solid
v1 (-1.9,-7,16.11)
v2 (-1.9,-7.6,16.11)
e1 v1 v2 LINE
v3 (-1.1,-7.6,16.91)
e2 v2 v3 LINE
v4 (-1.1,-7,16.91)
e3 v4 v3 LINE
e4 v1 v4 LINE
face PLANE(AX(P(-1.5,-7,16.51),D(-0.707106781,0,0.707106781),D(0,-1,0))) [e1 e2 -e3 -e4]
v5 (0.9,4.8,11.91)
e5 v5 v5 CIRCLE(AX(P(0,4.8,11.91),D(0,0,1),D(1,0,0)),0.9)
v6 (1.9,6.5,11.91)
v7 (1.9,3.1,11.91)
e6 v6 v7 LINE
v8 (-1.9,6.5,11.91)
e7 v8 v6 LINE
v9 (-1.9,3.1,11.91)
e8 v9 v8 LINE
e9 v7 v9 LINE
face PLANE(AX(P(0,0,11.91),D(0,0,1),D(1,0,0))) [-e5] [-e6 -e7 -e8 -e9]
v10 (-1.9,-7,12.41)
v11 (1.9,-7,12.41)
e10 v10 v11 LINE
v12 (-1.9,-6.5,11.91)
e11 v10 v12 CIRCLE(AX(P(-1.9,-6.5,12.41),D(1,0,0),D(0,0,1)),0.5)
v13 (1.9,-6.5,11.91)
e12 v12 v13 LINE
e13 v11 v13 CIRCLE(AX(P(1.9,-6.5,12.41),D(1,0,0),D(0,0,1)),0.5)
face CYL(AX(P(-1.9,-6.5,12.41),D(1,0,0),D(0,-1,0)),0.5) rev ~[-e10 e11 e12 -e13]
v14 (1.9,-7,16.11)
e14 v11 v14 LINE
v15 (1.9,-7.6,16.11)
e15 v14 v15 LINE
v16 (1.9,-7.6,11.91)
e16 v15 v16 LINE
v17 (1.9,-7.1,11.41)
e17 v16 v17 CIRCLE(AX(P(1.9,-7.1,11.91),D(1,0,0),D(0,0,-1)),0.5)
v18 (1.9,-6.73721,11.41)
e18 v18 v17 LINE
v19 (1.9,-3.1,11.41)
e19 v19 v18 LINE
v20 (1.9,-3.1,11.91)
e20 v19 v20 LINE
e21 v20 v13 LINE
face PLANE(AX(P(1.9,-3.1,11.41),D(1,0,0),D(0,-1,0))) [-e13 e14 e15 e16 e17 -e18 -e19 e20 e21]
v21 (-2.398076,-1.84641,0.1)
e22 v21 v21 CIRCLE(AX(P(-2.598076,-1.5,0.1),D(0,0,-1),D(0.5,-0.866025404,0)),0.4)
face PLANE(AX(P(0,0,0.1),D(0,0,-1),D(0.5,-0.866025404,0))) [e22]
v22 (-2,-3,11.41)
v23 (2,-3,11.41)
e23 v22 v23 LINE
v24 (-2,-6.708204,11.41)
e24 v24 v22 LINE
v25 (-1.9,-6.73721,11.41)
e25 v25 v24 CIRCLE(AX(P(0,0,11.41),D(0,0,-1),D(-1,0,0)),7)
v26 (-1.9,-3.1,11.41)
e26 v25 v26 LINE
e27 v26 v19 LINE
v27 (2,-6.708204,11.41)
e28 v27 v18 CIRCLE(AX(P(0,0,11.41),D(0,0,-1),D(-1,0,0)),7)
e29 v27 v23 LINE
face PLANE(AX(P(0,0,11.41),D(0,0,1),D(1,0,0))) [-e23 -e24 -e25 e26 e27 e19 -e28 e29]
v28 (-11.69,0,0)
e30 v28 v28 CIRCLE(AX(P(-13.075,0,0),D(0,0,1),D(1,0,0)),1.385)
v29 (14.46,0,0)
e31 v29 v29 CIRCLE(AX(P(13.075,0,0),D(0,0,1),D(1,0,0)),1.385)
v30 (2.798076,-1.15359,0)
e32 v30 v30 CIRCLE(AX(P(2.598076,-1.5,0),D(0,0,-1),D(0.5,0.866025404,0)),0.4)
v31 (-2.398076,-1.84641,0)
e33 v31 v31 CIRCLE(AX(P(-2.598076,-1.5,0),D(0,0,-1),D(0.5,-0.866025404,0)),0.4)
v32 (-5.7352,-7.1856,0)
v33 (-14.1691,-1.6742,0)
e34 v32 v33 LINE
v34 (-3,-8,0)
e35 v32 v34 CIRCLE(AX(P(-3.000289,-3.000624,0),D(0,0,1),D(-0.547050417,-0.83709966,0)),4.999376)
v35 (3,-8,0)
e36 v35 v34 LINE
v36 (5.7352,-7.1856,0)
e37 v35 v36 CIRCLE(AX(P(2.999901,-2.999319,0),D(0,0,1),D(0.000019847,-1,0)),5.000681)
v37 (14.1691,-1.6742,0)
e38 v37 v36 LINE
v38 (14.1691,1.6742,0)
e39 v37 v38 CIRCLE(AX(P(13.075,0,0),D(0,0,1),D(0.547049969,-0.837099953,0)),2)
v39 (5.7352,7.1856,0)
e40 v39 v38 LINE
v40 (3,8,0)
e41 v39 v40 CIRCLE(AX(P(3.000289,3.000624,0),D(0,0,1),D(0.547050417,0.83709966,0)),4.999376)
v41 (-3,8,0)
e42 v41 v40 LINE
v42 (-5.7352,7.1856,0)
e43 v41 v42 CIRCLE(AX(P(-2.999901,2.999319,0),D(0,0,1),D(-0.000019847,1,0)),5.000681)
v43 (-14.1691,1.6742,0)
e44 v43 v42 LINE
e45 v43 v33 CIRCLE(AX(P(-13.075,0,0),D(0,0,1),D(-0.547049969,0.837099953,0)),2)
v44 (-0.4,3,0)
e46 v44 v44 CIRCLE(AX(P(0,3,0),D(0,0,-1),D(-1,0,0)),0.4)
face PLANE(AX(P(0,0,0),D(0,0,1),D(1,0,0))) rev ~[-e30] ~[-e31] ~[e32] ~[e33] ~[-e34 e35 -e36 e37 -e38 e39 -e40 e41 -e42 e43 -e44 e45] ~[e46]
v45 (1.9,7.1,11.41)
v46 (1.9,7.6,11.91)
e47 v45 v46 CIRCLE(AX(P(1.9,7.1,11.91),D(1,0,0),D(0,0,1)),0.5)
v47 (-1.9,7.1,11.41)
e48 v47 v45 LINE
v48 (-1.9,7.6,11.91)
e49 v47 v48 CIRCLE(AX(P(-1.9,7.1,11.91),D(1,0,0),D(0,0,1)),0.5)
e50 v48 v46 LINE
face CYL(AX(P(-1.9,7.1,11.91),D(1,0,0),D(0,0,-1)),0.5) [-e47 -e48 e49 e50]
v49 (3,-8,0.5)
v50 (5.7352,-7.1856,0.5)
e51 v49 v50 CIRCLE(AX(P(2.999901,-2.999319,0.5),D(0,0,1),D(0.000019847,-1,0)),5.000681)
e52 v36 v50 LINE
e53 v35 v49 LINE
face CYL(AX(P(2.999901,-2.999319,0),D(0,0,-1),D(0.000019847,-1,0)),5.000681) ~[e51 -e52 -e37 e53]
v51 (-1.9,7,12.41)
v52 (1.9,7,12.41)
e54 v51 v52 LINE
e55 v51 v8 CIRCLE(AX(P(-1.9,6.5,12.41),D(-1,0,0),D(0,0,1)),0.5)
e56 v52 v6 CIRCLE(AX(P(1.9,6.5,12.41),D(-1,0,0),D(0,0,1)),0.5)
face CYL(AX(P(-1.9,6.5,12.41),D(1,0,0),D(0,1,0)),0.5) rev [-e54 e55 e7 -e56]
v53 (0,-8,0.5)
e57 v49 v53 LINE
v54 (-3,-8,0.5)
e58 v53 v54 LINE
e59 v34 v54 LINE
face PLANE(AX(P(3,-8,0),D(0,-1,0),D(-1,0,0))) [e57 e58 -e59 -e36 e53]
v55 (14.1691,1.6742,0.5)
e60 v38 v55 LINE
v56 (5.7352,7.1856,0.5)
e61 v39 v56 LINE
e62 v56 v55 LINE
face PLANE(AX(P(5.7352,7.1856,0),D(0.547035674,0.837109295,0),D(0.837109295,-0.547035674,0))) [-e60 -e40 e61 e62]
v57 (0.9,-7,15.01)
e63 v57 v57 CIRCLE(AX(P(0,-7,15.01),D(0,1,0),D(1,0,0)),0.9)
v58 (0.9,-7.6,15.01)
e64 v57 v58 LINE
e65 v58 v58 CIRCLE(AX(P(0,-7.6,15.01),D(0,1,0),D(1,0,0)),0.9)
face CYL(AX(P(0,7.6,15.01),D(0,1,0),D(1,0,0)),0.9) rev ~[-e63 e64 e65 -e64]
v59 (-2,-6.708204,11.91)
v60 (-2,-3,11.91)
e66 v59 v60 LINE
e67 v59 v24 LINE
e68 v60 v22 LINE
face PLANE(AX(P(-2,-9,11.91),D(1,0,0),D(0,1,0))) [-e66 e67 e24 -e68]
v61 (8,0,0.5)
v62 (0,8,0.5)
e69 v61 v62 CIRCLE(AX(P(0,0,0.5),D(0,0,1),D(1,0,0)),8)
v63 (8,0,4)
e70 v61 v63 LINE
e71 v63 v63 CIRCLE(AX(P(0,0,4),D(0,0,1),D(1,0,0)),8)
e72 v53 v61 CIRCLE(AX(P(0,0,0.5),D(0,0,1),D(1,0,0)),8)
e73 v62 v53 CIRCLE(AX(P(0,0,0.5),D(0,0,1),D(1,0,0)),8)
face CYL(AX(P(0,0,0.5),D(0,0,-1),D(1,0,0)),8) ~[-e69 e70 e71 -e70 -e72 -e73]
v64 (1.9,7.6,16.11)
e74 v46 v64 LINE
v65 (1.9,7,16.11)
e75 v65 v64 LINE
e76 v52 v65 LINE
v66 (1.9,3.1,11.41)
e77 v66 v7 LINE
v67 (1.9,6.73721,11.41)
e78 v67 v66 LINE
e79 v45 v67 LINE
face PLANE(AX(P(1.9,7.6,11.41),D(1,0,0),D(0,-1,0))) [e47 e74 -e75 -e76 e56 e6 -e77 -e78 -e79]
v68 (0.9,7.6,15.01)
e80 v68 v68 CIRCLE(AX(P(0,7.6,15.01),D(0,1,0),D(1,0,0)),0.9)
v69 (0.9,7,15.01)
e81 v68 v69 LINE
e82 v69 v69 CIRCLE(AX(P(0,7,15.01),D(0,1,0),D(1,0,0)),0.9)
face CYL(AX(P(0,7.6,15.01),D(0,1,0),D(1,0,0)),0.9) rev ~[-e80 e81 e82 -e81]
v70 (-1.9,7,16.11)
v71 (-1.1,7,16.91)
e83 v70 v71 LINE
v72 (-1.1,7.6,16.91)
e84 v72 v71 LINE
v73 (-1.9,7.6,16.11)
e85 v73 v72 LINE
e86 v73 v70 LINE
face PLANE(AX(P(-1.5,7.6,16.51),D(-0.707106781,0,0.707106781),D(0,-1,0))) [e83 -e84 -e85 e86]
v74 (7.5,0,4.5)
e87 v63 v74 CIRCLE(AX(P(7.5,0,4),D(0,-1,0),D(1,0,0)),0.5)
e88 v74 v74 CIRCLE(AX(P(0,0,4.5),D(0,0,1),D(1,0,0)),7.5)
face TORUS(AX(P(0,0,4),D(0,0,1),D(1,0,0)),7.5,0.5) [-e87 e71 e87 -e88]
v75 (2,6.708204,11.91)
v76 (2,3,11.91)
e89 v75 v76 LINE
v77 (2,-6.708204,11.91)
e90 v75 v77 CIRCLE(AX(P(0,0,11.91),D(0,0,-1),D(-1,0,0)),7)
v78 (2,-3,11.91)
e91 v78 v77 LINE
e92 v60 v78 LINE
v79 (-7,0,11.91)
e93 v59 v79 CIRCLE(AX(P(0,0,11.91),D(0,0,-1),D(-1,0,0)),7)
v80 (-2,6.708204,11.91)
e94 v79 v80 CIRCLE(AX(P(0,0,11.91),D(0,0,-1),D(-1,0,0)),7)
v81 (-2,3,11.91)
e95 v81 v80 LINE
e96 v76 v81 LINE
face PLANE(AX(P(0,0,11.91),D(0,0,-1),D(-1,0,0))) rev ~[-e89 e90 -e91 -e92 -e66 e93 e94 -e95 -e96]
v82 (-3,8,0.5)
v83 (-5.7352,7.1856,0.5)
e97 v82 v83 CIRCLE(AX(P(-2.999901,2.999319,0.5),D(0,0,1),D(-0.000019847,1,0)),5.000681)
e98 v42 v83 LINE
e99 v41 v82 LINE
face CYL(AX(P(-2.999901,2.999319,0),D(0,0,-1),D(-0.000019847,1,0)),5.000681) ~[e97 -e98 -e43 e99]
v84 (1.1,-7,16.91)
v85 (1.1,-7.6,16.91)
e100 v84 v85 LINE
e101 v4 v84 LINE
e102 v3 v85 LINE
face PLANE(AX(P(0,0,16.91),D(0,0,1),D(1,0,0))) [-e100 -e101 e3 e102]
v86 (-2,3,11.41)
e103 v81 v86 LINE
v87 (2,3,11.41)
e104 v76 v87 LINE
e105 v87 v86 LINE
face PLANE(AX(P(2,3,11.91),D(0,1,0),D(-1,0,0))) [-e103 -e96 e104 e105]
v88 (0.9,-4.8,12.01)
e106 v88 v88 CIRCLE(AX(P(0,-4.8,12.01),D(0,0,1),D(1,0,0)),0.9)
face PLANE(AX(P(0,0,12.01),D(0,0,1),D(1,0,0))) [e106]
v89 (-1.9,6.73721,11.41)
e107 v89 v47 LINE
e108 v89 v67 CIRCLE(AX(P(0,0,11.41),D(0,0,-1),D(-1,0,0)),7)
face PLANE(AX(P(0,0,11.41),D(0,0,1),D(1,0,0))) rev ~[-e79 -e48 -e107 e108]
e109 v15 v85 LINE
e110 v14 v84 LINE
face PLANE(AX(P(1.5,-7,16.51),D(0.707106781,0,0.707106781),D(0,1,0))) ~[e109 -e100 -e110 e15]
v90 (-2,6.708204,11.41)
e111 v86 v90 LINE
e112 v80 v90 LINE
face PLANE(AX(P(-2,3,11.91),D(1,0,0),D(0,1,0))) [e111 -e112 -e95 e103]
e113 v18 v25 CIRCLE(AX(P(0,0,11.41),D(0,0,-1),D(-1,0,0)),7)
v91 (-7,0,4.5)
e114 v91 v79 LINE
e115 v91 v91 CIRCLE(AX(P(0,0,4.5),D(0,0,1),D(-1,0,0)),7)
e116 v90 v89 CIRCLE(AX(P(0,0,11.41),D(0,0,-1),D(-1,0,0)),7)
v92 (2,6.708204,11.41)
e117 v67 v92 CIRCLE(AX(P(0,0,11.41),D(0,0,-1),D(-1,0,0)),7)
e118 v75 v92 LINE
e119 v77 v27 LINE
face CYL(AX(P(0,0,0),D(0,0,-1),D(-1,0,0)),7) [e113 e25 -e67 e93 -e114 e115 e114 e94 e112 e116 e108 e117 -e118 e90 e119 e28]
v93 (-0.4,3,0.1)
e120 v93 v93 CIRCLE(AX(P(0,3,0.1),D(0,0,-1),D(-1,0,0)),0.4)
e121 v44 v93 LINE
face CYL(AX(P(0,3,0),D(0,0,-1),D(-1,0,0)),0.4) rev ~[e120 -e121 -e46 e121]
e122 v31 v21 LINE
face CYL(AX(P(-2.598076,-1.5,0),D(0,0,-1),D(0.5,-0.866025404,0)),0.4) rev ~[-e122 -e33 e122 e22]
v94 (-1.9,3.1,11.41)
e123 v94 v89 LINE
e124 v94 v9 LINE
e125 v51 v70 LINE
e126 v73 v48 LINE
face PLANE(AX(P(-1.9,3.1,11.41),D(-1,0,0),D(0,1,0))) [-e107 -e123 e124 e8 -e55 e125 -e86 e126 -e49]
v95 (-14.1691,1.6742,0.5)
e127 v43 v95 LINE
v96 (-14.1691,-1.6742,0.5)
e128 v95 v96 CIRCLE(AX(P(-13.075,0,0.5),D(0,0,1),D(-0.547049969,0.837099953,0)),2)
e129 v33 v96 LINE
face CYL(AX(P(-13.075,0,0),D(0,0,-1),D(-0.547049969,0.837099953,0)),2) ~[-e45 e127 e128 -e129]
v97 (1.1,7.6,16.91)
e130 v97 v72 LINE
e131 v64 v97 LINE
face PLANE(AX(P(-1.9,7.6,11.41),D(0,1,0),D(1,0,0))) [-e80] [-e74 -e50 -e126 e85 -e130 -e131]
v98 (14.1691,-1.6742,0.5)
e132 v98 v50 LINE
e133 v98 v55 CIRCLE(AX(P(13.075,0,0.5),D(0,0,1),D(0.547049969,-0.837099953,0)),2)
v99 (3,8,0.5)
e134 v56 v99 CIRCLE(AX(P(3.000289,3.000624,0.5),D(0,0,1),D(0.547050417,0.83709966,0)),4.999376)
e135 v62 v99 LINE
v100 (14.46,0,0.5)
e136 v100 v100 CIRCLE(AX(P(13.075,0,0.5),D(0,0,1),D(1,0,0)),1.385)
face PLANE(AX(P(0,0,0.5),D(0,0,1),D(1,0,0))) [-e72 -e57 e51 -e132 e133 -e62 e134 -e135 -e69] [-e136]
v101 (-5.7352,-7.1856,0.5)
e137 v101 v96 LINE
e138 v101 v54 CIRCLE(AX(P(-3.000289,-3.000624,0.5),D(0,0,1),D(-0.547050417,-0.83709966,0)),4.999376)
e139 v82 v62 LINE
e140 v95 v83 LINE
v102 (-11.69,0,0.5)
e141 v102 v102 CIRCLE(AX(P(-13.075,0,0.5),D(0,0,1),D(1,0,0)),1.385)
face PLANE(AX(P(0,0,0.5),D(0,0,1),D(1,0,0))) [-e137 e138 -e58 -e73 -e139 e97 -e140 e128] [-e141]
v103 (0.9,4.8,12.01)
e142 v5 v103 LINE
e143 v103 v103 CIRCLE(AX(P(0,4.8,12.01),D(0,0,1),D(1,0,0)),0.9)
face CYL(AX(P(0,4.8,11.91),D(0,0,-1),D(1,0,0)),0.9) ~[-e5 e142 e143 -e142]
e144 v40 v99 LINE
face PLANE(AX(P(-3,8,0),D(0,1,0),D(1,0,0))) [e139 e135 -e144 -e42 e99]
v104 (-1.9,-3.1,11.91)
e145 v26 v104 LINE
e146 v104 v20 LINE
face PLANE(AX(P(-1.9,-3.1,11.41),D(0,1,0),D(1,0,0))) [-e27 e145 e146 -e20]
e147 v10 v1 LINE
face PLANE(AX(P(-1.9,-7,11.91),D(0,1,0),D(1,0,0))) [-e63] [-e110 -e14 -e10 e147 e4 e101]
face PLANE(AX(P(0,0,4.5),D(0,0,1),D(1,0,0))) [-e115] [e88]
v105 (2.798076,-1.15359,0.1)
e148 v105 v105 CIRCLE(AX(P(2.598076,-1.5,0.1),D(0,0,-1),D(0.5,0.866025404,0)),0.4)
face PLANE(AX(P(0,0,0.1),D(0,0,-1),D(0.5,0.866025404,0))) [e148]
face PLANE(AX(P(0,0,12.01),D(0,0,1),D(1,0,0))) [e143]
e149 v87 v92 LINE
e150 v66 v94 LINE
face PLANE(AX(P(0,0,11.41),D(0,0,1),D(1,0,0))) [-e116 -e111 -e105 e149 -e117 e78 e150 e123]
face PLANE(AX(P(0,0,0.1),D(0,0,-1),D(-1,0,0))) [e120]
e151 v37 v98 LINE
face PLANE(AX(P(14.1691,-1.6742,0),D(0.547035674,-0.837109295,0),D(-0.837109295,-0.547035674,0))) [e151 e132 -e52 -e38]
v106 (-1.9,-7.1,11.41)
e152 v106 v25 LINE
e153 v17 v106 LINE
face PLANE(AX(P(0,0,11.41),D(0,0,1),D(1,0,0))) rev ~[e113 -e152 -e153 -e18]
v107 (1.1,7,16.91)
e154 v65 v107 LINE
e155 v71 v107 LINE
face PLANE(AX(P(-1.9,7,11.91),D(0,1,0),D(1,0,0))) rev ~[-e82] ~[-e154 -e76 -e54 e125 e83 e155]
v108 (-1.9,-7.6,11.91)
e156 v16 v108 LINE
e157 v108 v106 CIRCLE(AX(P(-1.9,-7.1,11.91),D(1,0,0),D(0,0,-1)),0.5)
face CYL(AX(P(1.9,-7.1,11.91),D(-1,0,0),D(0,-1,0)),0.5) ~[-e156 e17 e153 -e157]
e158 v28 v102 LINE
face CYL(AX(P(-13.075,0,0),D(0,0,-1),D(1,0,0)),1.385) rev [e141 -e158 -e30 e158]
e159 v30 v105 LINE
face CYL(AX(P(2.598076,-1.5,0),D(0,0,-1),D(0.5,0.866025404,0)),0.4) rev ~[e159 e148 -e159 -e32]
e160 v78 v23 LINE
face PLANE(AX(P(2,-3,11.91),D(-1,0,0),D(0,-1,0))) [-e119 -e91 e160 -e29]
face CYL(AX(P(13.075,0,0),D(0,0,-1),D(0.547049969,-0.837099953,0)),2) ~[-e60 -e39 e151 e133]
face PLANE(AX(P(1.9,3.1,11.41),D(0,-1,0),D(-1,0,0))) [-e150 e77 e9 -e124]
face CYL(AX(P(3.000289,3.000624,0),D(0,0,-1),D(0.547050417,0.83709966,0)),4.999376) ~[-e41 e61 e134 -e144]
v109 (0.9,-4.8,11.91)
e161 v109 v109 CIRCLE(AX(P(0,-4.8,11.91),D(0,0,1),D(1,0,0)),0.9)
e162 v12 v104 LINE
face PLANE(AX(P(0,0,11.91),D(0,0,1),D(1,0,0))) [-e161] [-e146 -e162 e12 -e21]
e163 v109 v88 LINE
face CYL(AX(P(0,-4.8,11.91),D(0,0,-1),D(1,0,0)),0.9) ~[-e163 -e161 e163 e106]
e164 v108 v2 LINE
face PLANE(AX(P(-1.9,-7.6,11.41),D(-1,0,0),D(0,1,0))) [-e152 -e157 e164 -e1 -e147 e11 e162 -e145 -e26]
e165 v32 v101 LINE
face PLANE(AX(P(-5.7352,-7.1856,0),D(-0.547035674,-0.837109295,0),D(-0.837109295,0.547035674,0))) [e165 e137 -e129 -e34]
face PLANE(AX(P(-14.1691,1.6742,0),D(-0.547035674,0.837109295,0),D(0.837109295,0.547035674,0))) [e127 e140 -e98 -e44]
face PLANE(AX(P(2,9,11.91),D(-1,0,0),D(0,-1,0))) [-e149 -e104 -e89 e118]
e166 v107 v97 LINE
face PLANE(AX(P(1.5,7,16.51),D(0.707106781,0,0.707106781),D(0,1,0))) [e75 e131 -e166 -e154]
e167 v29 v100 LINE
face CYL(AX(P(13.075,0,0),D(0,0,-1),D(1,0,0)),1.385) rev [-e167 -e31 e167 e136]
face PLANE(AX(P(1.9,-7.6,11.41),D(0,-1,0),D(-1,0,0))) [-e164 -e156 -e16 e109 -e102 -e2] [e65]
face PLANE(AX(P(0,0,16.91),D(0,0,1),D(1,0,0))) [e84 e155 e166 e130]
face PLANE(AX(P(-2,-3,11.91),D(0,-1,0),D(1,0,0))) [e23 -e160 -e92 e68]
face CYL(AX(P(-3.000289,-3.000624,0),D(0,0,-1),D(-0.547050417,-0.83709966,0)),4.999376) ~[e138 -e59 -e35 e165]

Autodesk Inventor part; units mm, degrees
ref_plane "YZ Plane" through (0, 0, 0) normal (1, 0, 0) x (0, 1, 0)
ref_plane "XZ Plane" through (0, 0, 0) normal (0, 1, 0) x (-1, 0, 0)
ref_plane "XY Plane" through (0, 0, 0) normal (0, 0, 1) x (1, 0, 0)
sketch "Skizze1" plane through (0, 0, 0) normal (0, 0, 1) x (1, 0, 0)
  line L0 (-3, 8) -> (3, 8)
  line L1 (5.7352, 7.1856) -> (14.1691, 1.6742)
  line L2 (14.1691, -1.6742) -> (5.7352, -7.1856)
  line L3 (3, -8) -> (-3, -8)
  line L4 (-5.7352, -7.1856) -> (-14.1691, -1.6742)
  line L5 (-14.1691, 1.6742) -> (-5.7352, 7.1856)
  arc A0 (14.1691, -1.6742) -> (14.1691, 1.6742) centre (13.075, 0) ccw
  arc A1 (-14.1691, 1.6742) -> (-14.1691, -1.6742) centre (-13.075, 0) ccw
  circle A2 centre (0, 0) radius 7
  circle A3 centre (-13.075, 0) radius 1.385
  circle A4 centre (13.075, 0) radius 1.385
  arc A5 (-3, 8) -> (-5.7352, 7.1856) centre (-3, 3) ccw
  arc A6 (5.7352, 7.1856) -> (3, 8) centre (3, 3) ccw
  arc A7 (3, -8) -> (5.7352, -7.1856) centre (3, -3) ccw
  arc A8 (-5.7352, -7.1856) -> (-3, -8) centre (-3, -3) ccw
  dimension "d0" = 16
  dimension "d1" = 8
  dimension "d3" = 2
  dimension "d4" = 14
  dimension "d5" = 30.15
  dimension "d7" = 2.77
  dimension "d8" = 2.77
  dimension "d9" = 13.075
  dimension "d10" = 13.075
  dimension "d11" = 5
  dimension "d12" = 6
  dimension "d13" = 6
  dimension "d14" = 3
  dimension "d15" = 3
extrude "Extrusion1" add sketch "Skizze1" along normal blind 0.5
sketch "Skizze2" plane through (0, 0, 0.5) normal (0, 0, 1) x (1, 0, 0)
  circle A0 centre (0, 0) radius 8
  circle A1 centre (0, 0) radius 7
  dimension "d18" = 16
  dimension "d19" = 14
extrude "Extrusion2" add sketch "Skizze2" along normal blind 4
fillet "Rundung1" radius 0.5 1 edges at (-8, 0, 4.5)
sketch "Skizze3" plane through (0, 0, 0) normal (0, 0, -1) x (-1, 0, 0)
  circle A0 centre (0, 0) radius 7
  dimension "d23" = 14
extrude "Extrusion3" add sketch "Skizze3" against normal blind 11.91
sketch "Skizze4" plane through (0, 0, 0) normal (0, 0, -1) x (-1, 0, 0)
  circle A0 centre (0, 3) radius 0.4
  point P0 (0, 0)
  dimension "d26" = 3
  dimension "d27" = 0.8
extrude "Extrusion4" cut sketch "Skizze4" against normal blind 0.1
pattern_circular "Runde Anordnung1" count 3 over 360 about axis through (0, 0, -10) along (0, 0, 1) of "Extrusion4"
sketch "Skizze5" plane through (0, 0, 11.91) normal (0, 0, 1) x (1, 0, 0)
  line L0 (2, -9) -> (-2, -9)
  line L1 (-2, -9) -> (-2, -3)
  line L2 (-2, -3) -> (2, -3)
  line L3 (2, -3) -> (2, -9)
  line L4 (2, 3) -> (-2, 3)
  line L5 (-2, 3) -> (-2, 9)
  line L6 (-2, 9) -> (2, 9)
  line L7 (2, 9) -> (2, 3)
  line L8 (3, 8) -> (0, 8) projected
  line L9 (0, -8) -> (3, -8) projected
  point P0 (0, 0)
  dimension "d33" = 4
  dimension "d34" = 2
  dimension "d35" = 3
  dimension "d36" = 3
  dimension "d37" = 1
  dimension "d38" = 1
extrude "Extrusion5" cut sketch "Skizze5" against normal blind 0.5
sketch "Skizze6" plane through (0, 0, 11.41) normal (0, 0, 1) x (1, 0, 0)
  line L0 (1.9, -7.6) -> (-1.9, -7.6)
  line L1 (-1.9, -7.6) -> (-1.9, -3.1)
  line L2 (-1.9, -3.1) -> (1.9, -3.1)
  line L3 (1.9, -3.1) -> (1.9, -7.6)
  line L4 (-2, -3) -> (2, -3) projected
  line L5 (1.9, 3.1) -> (-1.9, 3.1)
  line L6 (-1.9, 3.1) -> (-1.9, 7.6)
  line L7 (-1.9, 7.6) -> (1.9, 7.6)
  line L8 (1.9, 7.6) -> (1.9, 3.1)
  line L9 (2, 3) -> (-2, 3) projected
  point P0 (0, 0)
  dimension "d41" = 3.8
  dimension "d42" = 1.9
  dimension "d43" = 0.1
  dimension "d44" = 4.5
  dimension "d45" = 3.8
  dimension "d46" = 1.9
  dimension "d47" = 0.1
  dimension "d48" = 4.5
extrude "Extrusion6" add sketch "Skizze6" along normal blind 0.5
sketch "Skizze7" plane through (0, 0, 11.91) normal (0, 0, 1) x (1, 0, 0)
  line L0 (1.9, 7.6) -> (-1.9, 7.6) projected
  line L1 (-1.9, 7.6) -> (-1.9, 3.1) projected
  line L2 (1.9, 7.6) -> (-1.9, 7.6)
  line L3 (-1.9, 7.6) -> (-1.9, 7)
  line L4 (-1.9, 7) -> (1.9, 7)
  line L5 (1.9, 7) -> (1.9, 7.6)
  line L6 (-1.9, -7.6) -> (1.9, -7.6) projected
  line L7 (-1.9, -3.1) -> (-1.9, -7.6) projected
  line L8 (1.9, -7.6) -> (-1.9, -7.6)
  line L9 (-1.9, -7.6) -> (-1.9, -7)
  line L10 (-1.9, -7) -> (1.9, -7)
  line L11 (1.9, -7) -> (1.9, -7.6)
  point P0 (0, 0)
  dimension "d51" = 0.6
  dimension "d52" = 0.6
extrude "Extrusion7" add sketch "Skizze7" along normal blind 5
chamfer "Fase1" distance 0.8 angle 45 4 edges at (-1.9, 7.3, 16.91) (1.9, 7.3, 16.91) (-1.9, -7.3, 16.91) (1.9, -7.3, 16.91)
fillet "Rundung2" radius 0.5 4 edges at (0, 7.6, 11.41) (0, -7.6, 11.41) (0, -7, 11.91) (0, 7, 11.91)
sketch "Skizze8" plane through (-1.1, 7.6, 16.91) normal (0, 1, 0) x (1, 0, 0)
  circle A0 centre (1.1, 1.9) radius 0.9
  line L0 (2.2, 0) -> (0, 0) projected
  point P0 (1.1, 16.91)
  dimension "d59" = 1.8
  dimension "d60" = 1.9
extrude "Extrusion8" cut sketch "Skizze8" against normal blind 20
sketch "Skizze9" plane through (0, 0, 11.91) normal (0, 0, 1) x (1, 0, 0)
  circle A0 centre (0, 4.8) radius 0.9
  circle A1 centre (0, -4.8) radius 0.9
  point P0 (0, 0)
  dimension "d63" = 1.8
  dimension "d64" = 1.8
  dimension "d65" = 4.8
  dimension "d66" = 4.8
extrude "Extrusion9" add sketch "Skizze9" along normal blind 0.1
properties part number "Bimetallschalter"
